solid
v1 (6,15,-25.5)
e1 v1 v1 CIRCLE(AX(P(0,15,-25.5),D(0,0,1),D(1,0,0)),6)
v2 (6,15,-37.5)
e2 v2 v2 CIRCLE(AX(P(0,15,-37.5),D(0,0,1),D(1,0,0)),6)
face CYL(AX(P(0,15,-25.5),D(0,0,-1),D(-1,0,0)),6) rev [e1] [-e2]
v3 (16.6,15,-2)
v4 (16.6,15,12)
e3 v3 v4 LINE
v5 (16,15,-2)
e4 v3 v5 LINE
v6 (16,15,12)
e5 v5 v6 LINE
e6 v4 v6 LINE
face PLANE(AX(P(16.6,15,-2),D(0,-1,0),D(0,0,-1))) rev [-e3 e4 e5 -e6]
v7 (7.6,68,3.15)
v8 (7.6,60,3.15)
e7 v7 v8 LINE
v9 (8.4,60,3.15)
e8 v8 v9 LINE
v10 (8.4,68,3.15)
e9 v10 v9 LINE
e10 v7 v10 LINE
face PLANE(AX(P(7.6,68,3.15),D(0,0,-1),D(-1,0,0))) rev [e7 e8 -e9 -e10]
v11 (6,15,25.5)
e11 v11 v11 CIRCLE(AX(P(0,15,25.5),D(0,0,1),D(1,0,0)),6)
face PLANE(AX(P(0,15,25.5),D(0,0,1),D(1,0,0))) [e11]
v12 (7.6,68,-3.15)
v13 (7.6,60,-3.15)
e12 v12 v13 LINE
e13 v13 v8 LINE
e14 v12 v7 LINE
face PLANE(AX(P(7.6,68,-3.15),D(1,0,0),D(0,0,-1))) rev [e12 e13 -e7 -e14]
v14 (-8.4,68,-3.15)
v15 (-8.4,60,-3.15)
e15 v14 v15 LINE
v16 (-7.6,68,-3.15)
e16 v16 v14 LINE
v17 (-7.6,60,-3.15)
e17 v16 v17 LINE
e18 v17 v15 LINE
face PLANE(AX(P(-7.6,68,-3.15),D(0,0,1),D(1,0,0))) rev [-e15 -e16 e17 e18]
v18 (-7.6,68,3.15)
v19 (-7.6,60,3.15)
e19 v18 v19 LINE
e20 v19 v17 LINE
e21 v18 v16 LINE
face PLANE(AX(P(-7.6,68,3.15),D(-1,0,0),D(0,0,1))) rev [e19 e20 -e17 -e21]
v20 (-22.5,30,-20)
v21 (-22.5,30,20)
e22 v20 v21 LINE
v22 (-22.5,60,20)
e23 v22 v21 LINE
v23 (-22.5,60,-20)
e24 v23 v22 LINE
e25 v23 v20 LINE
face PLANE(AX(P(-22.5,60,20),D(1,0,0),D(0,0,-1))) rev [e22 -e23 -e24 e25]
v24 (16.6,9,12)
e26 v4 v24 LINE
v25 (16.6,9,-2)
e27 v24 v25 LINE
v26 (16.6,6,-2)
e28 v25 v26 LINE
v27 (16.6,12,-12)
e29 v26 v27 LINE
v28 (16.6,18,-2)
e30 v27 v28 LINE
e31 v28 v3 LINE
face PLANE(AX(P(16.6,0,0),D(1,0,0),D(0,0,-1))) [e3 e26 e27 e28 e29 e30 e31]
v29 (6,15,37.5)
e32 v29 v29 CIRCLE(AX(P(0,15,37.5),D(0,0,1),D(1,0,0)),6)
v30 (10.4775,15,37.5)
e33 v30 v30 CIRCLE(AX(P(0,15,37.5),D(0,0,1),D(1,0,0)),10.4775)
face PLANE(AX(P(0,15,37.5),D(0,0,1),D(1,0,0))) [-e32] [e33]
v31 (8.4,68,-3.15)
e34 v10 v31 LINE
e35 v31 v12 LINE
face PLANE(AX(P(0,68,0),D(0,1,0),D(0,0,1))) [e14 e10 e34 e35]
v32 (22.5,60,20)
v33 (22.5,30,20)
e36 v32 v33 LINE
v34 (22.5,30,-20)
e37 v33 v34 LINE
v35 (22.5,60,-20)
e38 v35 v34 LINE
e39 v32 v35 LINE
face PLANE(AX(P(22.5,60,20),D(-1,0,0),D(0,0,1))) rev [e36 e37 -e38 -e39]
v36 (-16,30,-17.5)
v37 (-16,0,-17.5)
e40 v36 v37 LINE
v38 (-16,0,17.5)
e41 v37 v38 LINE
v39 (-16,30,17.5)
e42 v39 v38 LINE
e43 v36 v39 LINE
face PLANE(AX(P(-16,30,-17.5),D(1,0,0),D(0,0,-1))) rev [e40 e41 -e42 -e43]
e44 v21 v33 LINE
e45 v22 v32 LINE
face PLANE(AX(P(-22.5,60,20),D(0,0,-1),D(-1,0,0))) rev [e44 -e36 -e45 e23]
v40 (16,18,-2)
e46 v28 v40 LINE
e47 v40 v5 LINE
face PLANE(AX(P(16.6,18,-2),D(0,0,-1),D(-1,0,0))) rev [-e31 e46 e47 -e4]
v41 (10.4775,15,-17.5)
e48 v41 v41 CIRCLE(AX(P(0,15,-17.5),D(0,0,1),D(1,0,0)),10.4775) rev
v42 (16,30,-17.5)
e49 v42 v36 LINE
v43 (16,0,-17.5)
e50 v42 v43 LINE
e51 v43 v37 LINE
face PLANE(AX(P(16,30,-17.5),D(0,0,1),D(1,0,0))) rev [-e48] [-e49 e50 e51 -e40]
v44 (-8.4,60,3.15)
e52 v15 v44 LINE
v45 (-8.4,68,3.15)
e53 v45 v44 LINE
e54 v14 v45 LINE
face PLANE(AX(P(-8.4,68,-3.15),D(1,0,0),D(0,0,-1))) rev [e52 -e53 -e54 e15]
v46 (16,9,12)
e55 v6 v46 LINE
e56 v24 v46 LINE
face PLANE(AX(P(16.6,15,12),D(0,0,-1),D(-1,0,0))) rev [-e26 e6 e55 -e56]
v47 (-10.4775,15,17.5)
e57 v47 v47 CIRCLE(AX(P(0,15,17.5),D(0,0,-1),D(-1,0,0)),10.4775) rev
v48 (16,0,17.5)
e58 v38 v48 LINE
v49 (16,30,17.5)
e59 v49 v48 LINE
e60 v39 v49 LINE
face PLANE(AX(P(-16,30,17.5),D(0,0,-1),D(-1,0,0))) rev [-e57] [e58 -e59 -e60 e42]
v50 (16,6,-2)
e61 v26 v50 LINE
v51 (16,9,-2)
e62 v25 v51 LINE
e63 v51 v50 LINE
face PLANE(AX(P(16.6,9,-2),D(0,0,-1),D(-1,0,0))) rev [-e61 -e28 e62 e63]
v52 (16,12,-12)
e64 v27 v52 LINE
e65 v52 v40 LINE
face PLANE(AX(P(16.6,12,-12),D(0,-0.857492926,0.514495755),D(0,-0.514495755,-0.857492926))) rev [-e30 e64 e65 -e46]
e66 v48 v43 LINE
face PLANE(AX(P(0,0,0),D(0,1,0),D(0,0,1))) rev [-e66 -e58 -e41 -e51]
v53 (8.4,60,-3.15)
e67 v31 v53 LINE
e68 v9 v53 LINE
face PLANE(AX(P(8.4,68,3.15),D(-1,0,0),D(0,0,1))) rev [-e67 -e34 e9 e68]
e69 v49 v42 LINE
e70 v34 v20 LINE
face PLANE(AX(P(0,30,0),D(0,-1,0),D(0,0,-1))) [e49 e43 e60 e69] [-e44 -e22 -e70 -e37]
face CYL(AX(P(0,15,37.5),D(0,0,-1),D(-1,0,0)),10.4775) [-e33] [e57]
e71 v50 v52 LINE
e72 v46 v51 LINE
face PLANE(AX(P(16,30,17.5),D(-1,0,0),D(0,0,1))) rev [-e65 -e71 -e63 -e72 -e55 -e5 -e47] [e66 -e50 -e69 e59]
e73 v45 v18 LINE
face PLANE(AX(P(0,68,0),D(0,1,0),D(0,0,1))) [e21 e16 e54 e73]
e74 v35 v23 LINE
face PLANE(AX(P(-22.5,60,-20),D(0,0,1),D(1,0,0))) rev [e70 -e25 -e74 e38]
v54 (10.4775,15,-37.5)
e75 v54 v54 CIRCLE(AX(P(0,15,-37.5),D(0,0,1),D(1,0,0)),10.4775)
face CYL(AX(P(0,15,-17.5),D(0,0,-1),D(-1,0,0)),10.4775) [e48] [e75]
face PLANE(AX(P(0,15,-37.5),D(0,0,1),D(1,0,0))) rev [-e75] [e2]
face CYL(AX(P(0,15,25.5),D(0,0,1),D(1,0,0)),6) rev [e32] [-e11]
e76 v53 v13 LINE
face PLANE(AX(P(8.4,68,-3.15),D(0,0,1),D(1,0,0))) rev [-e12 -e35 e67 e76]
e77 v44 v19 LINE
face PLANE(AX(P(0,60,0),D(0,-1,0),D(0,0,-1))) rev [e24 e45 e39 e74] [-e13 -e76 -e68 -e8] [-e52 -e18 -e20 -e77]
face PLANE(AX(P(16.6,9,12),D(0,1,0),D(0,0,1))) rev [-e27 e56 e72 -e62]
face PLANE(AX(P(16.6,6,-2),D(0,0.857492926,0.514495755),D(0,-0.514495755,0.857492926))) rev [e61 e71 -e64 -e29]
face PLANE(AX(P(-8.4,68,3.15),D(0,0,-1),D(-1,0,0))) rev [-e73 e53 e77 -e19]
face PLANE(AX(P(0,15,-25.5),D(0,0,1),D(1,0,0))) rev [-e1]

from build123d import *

# Parameters (mm, degrees)
SKETCH1_W             = 32
SKETCH1_H             = 35
BRASS_BODY_DEPTH      = 30
COIL_START            = 30
SKETCH2_W             = 45
SKETCH2_H             = 40
COIL_DEPTH            = 30
INLET_STUB_START      = 17.5
SKETCH3_R             = 10.4775
INLET_STUB_DEPTH      = 20
OUTLET_STUB_START     = -37.5
SKETCH4_R             = 10.4775
OUTLET_STUB_DEPTH     = 20
INLET_BORE_START      = 37.5
SKETCH5_R             = 6
INLET_BORE_DEPTH      = 12
OUTLET_BORE_START     = -25.5
SKETCH6_R             = 6
OUTLET_BORE_DEPTH     = 12
SPADE_TERMINALS_START = 60
SKETCH7_W             = 0.8
SKETCH7_H             = 6.3
SPADE_TERMINALS_DEPTH = 8
FLOW_ARROW_START      = 16
FLOW_ARROW_DEPTH      = 0.6


with BuildPart() as part:
    # Sketch1 → Brass_Body (new body)
    with BuildSketch(Plane(origin=(0, 0, 0), x_dir=(1, 0, 0), z_dir=(0, 1, 0))):
        Rectangle(SKETCH1_W, SKETCH1_H)
    extrude(amount=BRASS_BODY_DEPTH)

    # Sketch2 → Coil (add)
    with BuildSketch(Plane(origin=(0, 0, 0), x_dir=(1, 0, 0), z_dir=(0, 1, 0)).offset(COIL_START)):
        Rectangle(SKETCH2_W, SKETCH2_H)
    extrude(amount=COIL_DEPTH)

    # Sketch3 → Inlet_Stub (add)
    with BuildSketch(Plane.XY.offset(INLET_STUB_START)):
        with Locations(Location((0, 15, 0), (0, 0, 180))):
            Circle(SKETCH3_R)
    extrude(amount=INLET_STUB_DEPTH)

    # Sketch4 → Outlet_Stub (add)
    with BuildSketch(Plane.XY.offset(OUTLET_STUB_START)):
        with Locations(Location((0, 15, 0), (0, 0, 180))):
            Circle(SKETCH4_R)
    extrude(amount=OUTLET_STUB_DEPTH)

    # Sketch5 → Inlet_Bore (cut)
    with BuildSketch(Plane.XY.offset(INLET_BORE_START)):
        with Locations((0, 15)):
            Circle(SKETCH5_R)
    extrude(amount=-INLET_BORE_DEPTH, mode=Mode.SUBTRACT)

    # Sketch6 → Outlet_Bore (cut)
    with BuildSketch(Plane.XY.offset(OUTLET_BORE_START)):
        with Locations((0, 15)):
            Circle(SKETCH6_R)
    extrude(amount=-OUTLET_BORE_DEPTH, mode=Mode.SUBTRACT)

    # Sketch7 → Spade_Terminals (add)
    with BuildSketch(Plane(origin=(0, 0, 0), x_dir=(1, 0, 0), z_dir=(0, 1, 0)).offset(SPADE_TERMINALS_START)):
        with Locations((-8, 0)):
            Rectangle(SKETCH7_W, SKETCH7_H)
        with Locations((8, 0)):
            Rectangle(SKETCH7_W, SKETCH7_H)
    extrude(amount=SPADE_TERMINALS_DEPTH)

    # Sketch8 → Flow_Arrow (add)
    with BuildSketch(Plane(origin=(0, 0, 0), x_dir=(0, 0, -1), z_dir=(1, 0, 0)).offset(FLOW_ARROW_START)):
        Polygon((-12, 9), (2, 9), (2, 6), (12, 12), (2, 18), (2, 15), (-12, 15), align=None)
    extrude(amount=FLOW_ARROW_DEPTH)


solid = part.part
